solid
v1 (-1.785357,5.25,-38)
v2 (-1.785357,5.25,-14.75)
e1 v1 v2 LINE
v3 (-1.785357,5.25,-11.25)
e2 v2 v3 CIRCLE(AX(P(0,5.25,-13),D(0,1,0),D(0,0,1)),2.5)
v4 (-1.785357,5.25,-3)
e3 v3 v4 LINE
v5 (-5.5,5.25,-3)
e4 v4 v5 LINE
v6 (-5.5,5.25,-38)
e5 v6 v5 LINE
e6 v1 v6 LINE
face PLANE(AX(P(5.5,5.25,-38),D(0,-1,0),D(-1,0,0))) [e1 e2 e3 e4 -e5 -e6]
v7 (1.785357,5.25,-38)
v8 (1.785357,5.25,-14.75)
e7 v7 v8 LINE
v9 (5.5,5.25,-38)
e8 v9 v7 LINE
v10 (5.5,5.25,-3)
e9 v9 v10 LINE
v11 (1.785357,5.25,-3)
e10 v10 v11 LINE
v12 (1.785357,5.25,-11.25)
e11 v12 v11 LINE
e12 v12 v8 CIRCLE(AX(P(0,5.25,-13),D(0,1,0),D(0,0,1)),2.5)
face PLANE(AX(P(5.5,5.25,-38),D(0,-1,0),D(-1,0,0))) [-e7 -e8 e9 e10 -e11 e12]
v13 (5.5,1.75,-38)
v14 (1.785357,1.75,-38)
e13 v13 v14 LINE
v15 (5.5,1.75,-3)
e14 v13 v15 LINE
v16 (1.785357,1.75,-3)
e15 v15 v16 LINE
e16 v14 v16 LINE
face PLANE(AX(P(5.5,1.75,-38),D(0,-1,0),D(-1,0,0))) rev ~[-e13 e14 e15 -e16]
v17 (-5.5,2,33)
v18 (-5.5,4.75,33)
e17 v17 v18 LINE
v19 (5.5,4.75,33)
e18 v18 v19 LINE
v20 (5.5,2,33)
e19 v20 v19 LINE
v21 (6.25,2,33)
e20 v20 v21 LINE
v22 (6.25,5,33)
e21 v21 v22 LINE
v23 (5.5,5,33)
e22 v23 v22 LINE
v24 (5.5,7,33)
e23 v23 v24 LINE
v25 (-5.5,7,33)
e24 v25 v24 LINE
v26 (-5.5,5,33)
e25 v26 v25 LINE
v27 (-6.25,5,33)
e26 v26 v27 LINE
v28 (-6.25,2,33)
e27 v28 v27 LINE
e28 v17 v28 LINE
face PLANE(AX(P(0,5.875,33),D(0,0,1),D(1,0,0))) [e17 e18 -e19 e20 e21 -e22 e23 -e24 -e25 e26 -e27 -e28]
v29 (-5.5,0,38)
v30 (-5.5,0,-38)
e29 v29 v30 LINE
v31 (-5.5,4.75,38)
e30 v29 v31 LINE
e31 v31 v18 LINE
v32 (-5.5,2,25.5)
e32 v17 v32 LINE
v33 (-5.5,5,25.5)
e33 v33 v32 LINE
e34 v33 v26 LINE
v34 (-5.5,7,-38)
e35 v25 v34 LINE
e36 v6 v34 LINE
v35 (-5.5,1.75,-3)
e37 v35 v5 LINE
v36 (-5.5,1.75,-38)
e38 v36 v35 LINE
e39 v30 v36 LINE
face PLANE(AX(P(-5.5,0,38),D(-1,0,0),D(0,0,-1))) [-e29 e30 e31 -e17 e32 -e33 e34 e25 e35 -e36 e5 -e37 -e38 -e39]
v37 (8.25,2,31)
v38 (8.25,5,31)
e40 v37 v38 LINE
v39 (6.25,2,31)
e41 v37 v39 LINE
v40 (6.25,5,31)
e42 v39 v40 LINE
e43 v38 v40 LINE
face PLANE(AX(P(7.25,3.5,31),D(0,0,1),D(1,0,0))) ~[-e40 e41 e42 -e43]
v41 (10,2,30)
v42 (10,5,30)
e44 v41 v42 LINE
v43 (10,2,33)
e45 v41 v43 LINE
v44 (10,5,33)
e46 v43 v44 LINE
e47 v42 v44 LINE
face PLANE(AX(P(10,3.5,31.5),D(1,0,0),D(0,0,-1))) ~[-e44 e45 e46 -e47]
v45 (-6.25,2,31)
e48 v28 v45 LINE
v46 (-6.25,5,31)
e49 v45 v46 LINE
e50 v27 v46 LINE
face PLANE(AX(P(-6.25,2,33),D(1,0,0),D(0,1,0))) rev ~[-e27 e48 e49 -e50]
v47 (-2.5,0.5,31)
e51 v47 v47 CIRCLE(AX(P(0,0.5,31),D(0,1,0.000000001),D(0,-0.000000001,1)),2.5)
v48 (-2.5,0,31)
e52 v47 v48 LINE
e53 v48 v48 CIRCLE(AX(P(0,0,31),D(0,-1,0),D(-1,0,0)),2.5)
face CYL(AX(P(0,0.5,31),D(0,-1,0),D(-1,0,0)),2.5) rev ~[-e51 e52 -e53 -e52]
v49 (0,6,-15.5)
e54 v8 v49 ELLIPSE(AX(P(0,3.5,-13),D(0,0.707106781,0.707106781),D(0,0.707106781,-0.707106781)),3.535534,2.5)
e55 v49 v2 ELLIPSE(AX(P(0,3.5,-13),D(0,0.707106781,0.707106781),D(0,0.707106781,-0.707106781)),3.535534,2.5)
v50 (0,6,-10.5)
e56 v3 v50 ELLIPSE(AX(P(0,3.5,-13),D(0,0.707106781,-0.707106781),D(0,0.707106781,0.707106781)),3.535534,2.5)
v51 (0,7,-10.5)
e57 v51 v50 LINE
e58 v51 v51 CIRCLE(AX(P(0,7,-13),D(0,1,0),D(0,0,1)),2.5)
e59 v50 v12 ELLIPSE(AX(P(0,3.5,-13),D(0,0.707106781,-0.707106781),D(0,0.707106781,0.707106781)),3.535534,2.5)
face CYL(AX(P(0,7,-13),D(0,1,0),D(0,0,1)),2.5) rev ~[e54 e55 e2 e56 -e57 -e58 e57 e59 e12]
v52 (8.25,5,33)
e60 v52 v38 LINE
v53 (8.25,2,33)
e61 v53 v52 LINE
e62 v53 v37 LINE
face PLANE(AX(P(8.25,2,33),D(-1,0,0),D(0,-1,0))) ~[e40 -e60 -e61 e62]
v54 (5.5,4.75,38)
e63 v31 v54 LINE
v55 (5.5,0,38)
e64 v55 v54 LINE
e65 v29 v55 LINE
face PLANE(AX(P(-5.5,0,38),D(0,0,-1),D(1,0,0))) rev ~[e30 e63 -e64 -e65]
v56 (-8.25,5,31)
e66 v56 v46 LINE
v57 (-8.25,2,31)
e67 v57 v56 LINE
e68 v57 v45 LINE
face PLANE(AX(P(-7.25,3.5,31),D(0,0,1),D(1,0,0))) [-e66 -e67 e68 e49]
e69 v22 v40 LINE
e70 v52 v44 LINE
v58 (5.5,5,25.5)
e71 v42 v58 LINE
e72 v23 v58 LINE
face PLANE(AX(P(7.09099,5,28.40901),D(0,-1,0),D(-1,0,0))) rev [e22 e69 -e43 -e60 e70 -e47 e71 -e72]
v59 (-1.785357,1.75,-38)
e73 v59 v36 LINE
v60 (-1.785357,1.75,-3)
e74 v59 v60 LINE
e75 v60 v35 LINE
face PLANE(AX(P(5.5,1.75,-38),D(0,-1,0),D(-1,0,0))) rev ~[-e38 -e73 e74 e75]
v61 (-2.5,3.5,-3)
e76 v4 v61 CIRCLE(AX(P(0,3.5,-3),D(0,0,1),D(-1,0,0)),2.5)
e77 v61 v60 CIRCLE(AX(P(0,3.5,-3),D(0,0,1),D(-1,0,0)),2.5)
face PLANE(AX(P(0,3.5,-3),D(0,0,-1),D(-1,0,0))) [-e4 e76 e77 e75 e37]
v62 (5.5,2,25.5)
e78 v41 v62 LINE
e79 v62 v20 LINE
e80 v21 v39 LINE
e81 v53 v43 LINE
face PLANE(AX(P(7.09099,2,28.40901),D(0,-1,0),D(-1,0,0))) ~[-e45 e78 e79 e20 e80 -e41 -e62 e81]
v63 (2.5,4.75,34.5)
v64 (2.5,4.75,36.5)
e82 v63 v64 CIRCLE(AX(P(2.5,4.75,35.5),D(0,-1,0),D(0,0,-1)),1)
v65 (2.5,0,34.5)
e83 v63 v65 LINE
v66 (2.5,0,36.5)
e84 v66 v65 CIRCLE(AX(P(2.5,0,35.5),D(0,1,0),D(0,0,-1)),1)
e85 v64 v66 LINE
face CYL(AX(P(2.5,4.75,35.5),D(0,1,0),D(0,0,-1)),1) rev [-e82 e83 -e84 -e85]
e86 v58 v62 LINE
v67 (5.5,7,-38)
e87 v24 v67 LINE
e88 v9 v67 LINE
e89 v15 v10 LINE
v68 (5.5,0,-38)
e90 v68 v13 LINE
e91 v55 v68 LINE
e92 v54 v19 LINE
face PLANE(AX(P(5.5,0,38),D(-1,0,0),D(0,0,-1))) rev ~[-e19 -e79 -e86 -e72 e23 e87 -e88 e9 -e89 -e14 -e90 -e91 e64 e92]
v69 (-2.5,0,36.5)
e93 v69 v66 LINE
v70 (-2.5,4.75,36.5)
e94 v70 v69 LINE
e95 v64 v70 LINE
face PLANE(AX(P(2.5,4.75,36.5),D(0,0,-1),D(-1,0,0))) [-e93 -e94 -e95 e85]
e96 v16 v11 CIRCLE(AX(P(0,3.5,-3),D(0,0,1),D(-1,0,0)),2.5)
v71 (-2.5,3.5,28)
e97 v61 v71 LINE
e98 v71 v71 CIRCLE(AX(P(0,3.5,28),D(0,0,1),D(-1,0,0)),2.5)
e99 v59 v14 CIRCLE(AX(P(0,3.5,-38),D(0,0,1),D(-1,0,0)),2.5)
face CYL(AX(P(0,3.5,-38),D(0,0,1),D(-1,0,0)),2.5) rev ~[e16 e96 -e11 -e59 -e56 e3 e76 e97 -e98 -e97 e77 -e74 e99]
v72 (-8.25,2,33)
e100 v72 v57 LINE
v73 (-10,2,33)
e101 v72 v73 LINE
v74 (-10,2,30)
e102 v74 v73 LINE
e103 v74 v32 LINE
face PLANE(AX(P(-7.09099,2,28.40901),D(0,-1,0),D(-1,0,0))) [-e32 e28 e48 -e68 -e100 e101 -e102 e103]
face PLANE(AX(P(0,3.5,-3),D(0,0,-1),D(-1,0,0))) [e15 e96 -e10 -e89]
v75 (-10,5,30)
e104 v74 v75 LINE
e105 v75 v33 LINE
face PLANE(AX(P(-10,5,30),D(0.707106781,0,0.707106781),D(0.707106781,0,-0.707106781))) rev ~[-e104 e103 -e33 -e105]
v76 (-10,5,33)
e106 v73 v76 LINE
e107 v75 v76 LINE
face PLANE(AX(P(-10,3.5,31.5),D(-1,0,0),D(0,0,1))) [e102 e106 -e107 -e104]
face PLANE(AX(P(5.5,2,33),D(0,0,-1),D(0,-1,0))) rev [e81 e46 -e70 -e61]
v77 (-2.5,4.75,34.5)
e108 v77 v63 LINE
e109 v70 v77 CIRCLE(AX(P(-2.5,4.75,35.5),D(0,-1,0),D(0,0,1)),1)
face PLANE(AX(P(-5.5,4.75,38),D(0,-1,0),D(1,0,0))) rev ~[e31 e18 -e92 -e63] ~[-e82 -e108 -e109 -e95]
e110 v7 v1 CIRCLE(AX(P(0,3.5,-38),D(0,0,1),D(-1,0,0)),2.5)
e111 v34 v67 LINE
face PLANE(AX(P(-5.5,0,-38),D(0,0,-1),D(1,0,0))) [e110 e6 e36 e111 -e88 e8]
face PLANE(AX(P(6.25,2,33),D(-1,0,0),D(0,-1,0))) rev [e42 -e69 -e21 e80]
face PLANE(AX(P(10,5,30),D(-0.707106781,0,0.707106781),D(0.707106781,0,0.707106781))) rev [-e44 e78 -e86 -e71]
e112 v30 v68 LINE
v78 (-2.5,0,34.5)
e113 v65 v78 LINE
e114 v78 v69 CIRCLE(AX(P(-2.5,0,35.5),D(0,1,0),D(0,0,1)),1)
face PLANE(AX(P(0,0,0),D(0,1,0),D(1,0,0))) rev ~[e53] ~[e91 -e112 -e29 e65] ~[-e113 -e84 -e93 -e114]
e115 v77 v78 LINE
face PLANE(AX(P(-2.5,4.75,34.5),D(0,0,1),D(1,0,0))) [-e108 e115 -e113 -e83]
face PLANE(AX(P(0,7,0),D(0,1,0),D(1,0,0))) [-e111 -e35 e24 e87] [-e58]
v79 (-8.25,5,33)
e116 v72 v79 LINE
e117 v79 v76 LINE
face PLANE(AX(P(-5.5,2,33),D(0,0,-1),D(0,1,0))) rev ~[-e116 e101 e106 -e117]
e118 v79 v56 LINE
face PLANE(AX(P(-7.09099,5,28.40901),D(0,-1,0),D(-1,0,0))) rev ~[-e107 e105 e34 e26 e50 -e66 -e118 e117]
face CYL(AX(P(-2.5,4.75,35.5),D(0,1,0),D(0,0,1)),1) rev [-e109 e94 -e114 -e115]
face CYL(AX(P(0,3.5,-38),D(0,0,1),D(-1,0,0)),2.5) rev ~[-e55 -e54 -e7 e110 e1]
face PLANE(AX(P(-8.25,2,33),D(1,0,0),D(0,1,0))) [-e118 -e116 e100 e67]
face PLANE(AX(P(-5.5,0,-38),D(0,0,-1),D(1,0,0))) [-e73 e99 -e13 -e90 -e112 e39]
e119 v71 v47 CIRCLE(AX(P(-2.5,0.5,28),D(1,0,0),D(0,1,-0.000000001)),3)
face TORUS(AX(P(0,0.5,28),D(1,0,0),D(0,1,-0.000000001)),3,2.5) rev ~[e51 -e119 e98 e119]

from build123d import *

# Parameters (mm, degrees)
SKETCH1_W           = 11
SKETCH1_H           = 76
BOSS_EXTRUDE1_DEPTH = 7
SKETCH4_R           = 2.5
SKETCH5_W           = 3
SKETCH5_H           = 3
BOSS_EXTRUDE2_DEPTH = 4.5
SKETCH6_W           = 2
SKETCH6_H           = 3
CUT_EXTRUDE2_DEPTH  = 2
BOSS_EXTRUDE3_DEPTH = 3
SKETCH10_W          = 11
SKETCH10_H          = 3.5
CUT_EXTRUDE5_DEPTH  = 35
CUT_EXTRUDE6_REACH  = 41.912
SKETCH11_R          = 2.5
SKETCH12_W          = 11
SKETCH12_H          = 2.25
CUT_EXTRUDE9_DEPTH  = 5
CUT_EXTRUDE10_REACH = 41.58


with BuildPart() as part:
    # Sketch1 → Boss-Extrude1 (new body)
    with BuildSketch(Plane(origin=(0, 0, 0), x_dir=(1, 0, 0), z_dir=(0, 1, 0))):
        Rectangle(SKETCH1_W, SKETCH1_H)
    extrude(amount=BOSS_EXTRUDE1_DEPTH)

    # Cut-Sweep2: sweep along a path in Sketch3
    with BuildLine(Plane.ZY) as cut_sweep2_path:
        Line((-38, 3.5), (28, 3.5))
        ThreePointArc((28, 3.5), (30.121320344, 2.621320344), (31, 0.5))
        Line((31, 0.5), (31, 0))
    # Sketch4 → Cut-Sweep2 (sweep, cut)
    with BuildSketch(Plane(origin=(0, 0, -38), x_dir=(-1, 0, 0), z_dir=(0, 0, -1))):
        with Locations((0, 3.5)):
            Circle(SKETCH4_R)
    sweep(path=cut_sweep2_path.line, mode=Mode.SUBTRACT)

    # Sketch5 → Boss-Extrude2 (add)
    with BuildSketch(Plane.ZY.offset(5.5)):
        with Locations((31.5, 3.5)):
            Rectangle(SKETCH5_W, SKETCH5_H)
    boss_extrude2 = extrude(amount=BOSS_EXTRUDE2_DEPTH)

    # Mirror1: Boss-Extrude2 across plane
    add(boss_extrude2.mirror(Plane.ZY))

    # Sketch6 → Cut-Extrude2 (cut)
    with BuildSketch(Plane.XY.offset(33)):
        with Locations((-7.25, 3.5)):
            Rectangle(SKETCH6_W, SKETCH6_H)
    cut_extrude2 = extrude(amount=-CUT_EXTRUDE2_DEPTH, mode=Mode.SUBTRACT)

    # Mirror2: Cut-Extrude2 across plane
    add(cut_extrude2.mirror(Plane.ZY), mode=Mode.SUBTRACT)

    # Sketch7 → Boss-Extrude3 (add)
    with BuildSketch(Plane(origin=(0, 5, 0), x_dir=(1, 0, 0), z_dir=(0, 1, 0))):
        Polygon((-10, -30), (-5.5, -25.5), (-5.5, -30), align=None)
    boss_extrude3 = extrude(amount=-BOSS_EXTRUDE3_DEPTH)

    # Mirror3: Boss-Extrude3 across plane
    add(boss_extrude3.mirror(Plane.ZY))

    # Sketch10 → Cut-Extrude5 (cut)
    with BuildSketch(Plane(origin=(0, 0, -38), x_dir=(-1, 0, 0), z_dir=(0, 0, -1))):
        with Locations((0, 3.5)):
            Rectangle(SKETCH10_W, SKETCH10_H)
    extrude(amount=-CUT_EXTRUDE5_DEPTH, mode=Mode.SUBTRACT)

    # Sketch11 → Cut-Extrude6 (cut, up to next)
    with BuildSketch(Plane(origin=(0, 7, 0), x_dir=(1, 0, 0), z_dir=(0, 1, 0)), mode=Mode.PRIVATE) as cut_extrude6_sk1:
        with Locations(Location((0, 13, 0), (0, 0, 270))):
            Circle(SKETCH11_R)
    cut_extrude6_tool1 = extrude(cut_extrude6_sk1.sketch, amount=-CUT_EXTRUDE6_REACH, mode=Mode.PRIVATE) & part.part
    add(cut_extrude6_tool1.solids().sort_by_distance((0, 7, -13))[0], mode=Mode.SUBTRACT)

    # Sketch12 → Cut-Extrude9 (cut)
    with BuildSketch(Plane.XY.offset(38)):
        with Locations((0, 5.875)):
            Rectangle(SKETCH12_W, SKETCH12_H)
    extrude(amount=-CUT_EXTRUDE9_DEPTH, mode=Mode.SUBTRACT)

    # Sketch14 → Cut-Extrude10 (cut, up to next)
    with BuildSketch(Plane(origin=(0, 4.75, 0), x_dir=(1, 0, 0), z_dir=(0, 1, 0)), mode=Mode.PRIVATE) as cut_extrude10_sk1:
        with BuildLine():
            Line((-2.5, -34.5), (2.5, -34.5))
            ThreePointArc((2.5, -34.5), (3.5, -35.5), (2.5, -36.5))
            Line((2.5, -36.5), (-2.5, -36.5))
            ThreePointArc((-2.5, -36.5), (-3.5, -35.5), (-2.5, -34.5))
        make_face()
    cut_extrude10_tool1 = extrude(cut_extrude10_sk1.sketch, amount=-CUT_EXTRUDE10_REACH, mode=Mode.PRIVATE) & part.part
    add(cut_extrude10_tool1.solids().sort_by_distance((0, 4.75, 35.5))[0], mode=Mode.SUBTRACT)


solid = part.part
